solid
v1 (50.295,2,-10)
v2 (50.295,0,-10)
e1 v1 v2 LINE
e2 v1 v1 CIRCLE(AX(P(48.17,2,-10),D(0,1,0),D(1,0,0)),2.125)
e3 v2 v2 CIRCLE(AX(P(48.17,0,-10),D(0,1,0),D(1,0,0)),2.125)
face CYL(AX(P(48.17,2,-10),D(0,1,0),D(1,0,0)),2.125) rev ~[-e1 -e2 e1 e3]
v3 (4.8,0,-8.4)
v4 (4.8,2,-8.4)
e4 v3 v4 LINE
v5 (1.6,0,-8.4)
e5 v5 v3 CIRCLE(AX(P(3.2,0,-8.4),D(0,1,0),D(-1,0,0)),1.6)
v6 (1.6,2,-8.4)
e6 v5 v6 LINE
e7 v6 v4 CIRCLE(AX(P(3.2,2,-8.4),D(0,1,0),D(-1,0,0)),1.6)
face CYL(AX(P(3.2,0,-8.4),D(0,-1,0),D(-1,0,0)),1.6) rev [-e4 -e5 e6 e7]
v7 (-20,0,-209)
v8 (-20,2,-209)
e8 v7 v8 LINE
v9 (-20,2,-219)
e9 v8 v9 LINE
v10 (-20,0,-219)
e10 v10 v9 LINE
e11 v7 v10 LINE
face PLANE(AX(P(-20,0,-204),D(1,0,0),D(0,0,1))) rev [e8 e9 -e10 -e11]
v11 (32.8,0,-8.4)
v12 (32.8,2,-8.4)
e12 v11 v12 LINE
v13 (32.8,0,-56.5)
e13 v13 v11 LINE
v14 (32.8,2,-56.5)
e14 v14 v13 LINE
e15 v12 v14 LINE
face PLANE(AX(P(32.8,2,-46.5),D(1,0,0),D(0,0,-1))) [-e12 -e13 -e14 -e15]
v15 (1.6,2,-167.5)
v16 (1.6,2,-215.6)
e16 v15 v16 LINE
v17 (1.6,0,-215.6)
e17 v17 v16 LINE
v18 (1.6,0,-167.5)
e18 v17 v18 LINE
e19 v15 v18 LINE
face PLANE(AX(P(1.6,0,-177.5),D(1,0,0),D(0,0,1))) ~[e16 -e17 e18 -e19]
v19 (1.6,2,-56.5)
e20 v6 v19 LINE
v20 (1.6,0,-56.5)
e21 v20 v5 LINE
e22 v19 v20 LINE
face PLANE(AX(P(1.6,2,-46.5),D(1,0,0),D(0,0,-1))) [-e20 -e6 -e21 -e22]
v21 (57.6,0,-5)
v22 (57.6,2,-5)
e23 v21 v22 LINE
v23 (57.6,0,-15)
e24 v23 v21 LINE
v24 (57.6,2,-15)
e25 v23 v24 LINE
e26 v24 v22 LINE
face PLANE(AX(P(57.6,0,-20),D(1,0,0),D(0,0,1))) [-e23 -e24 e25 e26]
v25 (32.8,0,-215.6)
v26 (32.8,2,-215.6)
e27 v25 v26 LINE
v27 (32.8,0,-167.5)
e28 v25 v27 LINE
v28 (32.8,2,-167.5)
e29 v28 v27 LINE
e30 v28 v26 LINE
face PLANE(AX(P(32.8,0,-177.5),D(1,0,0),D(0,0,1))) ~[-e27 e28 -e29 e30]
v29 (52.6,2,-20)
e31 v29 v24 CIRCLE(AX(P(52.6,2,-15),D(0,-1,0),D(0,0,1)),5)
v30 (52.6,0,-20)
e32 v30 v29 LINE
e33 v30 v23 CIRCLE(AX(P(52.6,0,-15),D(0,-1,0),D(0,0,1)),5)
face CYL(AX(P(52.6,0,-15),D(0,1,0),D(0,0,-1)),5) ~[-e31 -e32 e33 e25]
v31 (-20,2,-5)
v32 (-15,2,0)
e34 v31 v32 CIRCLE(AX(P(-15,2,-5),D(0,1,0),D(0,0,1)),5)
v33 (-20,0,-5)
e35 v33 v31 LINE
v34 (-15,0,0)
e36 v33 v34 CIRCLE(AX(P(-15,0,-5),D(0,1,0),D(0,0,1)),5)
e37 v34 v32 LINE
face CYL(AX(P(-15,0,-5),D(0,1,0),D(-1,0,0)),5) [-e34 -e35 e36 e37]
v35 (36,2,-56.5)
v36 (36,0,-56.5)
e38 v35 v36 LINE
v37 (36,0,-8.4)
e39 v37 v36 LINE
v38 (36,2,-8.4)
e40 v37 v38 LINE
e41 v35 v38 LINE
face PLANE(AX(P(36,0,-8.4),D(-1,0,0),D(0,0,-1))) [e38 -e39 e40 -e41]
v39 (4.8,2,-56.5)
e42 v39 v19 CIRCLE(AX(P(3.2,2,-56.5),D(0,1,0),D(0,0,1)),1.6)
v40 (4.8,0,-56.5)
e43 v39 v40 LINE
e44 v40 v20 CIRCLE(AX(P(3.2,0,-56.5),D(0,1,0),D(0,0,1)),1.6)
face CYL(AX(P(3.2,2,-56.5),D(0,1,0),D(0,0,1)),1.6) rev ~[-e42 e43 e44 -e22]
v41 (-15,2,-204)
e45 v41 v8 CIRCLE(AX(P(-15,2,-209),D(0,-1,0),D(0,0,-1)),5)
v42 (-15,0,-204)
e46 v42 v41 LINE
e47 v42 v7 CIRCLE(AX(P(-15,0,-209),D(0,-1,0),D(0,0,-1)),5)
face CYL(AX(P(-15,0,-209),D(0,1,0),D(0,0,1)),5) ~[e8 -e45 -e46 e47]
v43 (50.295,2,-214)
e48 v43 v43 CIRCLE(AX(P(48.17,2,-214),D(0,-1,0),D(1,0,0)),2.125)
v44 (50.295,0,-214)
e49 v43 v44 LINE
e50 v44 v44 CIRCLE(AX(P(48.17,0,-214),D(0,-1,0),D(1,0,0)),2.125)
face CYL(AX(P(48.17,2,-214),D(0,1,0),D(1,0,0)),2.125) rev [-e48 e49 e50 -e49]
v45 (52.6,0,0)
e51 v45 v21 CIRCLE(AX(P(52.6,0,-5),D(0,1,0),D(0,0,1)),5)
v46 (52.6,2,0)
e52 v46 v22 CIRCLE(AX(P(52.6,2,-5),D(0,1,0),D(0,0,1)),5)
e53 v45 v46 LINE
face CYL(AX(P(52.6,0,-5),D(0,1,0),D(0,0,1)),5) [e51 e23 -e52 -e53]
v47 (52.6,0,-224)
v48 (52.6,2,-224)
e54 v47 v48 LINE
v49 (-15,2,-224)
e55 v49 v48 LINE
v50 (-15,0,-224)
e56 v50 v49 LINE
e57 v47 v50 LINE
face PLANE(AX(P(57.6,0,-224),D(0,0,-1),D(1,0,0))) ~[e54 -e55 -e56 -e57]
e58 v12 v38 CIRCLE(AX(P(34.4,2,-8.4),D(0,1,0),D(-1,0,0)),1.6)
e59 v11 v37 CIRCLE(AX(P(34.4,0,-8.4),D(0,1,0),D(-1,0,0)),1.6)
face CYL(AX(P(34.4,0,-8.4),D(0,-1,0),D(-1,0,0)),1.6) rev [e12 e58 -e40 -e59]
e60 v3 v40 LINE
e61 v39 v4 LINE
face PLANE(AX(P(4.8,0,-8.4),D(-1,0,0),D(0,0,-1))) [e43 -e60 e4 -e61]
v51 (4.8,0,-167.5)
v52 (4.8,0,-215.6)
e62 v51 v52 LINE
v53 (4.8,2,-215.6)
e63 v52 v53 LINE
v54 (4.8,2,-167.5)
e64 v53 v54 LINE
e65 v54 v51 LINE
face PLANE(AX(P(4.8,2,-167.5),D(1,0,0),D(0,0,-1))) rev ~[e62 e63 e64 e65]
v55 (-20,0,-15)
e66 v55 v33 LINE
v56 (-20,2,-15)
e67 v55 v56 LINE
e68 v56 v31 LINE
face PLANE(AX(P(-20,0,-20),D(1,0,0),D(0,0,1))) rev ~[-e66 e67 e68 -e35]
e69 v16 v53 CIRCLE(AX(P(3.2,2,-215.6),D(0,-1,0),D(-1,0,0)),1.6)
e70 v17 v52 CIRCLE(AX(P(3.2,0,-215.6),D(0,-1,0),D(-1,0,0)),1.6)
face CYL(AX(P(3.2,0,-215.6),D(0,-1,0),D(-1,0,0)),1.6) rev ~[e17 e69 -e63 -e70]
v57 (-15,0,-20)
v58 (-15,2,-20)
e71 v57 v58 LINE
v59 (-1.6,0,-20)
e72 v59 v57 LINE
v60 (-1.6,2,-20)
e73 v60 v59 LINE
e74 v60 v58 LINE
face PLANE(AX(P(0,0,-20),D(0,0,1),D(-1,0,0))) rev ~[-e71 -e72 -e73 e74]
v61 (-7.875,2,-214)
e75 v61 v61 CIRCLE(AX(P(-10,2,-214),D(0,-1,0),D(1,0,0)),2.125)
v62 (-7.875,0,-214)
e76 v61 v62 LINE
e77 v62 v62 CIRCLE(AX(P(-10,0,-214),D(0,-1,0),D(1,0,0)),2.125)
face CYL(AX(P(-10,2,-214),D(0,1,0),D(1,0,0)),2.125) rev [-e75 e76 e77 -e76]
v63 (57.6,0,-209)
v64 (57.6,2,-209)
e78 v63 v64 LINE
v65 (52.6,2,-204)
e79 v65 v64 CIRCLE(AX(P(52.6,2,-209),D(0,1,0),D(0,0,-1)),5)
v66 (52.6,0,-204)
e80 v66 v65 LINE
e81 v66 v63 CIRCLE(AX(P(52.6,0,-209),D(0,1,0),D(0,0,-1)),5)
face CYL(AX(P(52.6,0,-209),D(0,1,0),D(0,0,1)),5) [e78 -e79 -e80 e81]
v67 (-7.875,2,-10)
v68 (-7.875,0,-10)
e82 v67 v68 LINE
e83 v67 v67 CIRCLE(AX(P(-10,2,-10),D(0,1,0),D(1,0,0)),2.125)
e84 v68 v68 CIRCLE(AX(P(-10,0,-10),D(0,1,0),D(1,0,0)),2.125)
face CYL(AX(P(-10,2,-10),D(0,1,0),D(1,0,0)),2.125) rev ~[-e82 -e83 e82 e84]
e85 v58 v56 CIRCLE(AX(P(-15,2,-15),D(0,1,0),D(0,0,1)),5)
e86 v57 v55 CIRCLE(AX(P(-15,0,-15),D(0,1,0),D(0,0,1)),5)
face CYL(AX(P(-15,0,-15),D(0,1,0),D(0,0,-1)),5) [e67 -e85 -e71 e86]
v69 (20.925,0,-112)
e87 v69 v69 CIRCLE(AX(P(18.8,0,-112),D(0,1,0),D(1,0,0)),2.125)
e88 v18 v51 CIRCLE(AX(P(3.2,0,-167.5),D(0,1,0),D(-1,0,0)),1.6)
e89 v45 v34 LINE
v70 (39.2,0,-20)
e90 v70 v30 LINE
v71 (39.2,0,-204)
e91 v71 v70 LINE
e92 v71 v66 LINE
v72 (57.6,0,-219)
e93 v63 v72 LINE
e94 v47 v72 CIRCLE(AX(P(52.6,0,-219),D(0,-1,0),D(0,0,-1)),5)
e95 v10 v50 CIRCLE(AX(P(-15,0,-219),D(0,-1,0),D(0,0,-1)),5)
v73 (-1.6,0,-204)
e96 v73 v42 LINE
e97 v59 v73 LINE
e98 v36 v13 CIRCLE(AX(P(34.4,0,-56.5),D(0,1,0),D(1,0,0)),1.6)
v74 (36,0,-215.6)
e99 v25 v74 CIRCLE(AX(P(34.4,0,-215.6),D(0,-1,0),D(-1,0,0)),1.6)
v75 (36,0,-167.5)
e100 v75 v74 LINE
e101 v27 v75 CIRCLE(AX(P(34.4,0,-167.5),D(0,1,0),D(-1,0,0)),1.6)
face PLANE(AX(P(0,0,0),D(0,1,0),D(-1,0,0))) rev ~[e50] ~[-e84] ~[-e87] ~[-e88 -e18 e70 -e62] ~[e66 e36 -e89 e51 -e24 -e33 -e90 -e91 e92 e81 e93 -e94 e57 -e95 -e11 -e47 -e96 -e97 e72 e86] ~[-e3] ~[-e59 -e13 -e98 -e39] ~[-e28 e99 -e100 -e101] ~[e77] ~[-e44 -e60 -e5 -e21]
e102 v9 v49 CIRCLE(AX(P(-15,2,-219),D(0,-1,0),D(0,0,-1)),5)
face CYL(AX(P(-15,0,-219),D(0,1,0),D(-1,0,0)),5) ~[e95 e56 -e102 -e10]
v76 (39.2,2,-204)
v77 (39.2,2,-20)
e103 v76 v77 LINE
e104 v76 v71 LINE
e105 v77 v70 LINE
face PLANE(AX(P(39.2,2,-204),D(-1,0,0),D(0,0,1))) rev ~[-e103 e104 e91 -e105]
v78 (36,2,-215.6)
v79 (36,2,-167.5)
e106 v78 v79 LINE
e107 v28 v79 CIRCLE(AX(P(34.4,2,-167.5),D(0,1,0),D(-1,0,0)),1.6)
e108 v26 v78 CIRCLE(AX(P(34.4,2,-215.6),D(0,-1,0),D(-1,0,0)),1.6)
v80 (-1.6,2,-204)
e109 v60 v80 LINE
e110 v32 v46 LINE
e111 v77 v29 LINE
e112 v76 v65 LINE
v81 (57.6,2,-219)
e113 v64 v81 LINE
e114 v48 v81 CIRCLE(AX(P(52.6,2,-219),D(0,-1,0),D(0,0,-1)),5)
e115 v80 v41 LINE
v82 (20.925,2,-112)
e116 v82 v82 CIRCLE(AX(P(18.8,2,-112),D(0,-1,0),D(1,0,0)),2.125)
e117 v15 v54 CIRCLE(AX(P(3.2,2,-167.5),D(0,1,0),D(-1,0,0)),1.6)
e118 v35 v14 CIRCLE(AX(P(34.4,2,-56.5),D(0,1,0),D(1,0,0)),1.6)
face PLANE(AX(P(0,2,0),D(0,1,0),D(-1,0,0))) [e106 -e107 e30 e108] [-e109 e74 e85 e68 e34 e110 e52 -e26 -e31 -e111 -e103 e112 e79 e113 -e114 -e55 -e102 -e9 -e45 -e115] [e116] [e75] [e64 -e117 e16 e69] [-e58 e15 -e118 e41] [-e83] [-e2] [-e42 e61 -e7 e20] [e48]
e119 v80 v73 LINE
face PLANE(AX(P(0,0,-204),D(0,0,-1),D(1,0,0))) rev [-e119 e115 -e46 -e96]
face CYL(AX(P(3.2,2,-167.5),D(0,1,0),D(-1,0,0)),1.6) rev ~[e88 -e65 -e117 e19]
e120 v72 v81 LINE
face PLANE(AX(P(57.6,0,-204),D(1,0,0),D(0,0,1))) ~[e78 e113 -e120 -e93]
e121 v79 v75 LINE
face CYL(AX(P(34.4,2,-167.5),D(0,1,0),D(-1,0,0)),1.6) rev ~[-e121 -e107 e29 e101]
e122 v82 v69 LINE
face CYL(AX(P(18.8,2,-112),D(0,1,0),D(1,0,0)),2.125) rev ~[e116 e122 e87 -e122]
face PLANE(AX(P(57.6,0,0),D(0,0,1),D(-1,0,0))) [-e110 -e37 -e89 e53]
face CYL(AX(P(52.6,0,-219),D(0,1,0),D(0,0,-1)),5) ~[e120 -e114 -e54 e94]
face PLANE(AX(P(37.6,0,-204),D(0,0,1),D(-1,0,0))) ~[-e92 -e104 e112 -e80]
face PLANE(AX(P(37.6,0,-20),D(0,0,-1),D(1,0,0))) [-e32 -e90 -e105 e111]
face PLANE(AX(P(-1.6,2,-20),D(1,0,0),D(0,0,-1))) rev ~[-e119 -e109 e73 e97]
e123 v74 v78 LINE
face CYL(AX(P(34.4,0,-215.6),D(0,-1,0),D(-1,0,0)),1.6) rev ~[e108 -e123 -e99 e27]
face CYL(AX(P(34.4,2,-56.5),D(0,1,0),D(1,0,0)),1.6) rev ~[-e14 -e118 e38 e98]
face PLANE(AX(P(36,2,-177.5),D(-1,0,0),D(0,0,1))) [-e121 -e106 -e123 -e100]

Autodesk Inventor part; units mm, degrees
ref_plane "YZ Plane" through (0, 0, 0) normal (1, 0, 0) x (0, 1, 0)
ref_plane "XZ Plane" through (0, 0, 0) normal (0, 1, 0) x (-1, 0, 0)
ref_plane "XY Plane" through (0, 0, 0) normal (0, 0, 1) x (1, 0, 0)
sketch "Sketch1" plane through (0, 0, 0) normal (0, 1, 0) x (-1, 0, 0)
  line L0 (0, 0) -> (-37.6, 0)
  line L1 (-37.6, -20) -> (-37.6, -51.2)
  line L2 (-37.6, -51.2) -> (0, -51.2)
  line L3 (0, -51.2) -> (0, -20)
  line L4 (-18.8, 0) -> (-1.65, 0)
  line L5 (-1.65, 0) -> (-23.35, 0)
  line L6 (-18.8, 0) -> (5.35, 0)
  line L7 (5.35, 0) -> (-25.85, 0)
  line L8 (-18.8, 0) -> (-3.2, 0)
  line L9 (-3.2, 0) -> (-34.4, 0)
  arc A0 (-32.8, -8.4) -> (-36, -8.4) centre (-34.4, -8.4) ccw
  arc A1 (-36, -46.5) -> (-32.8, -46.5) centre (-34.4, -46.5) ccw
  arc A2 (-1.6, -8.4) -> (-4.8, -8.4) centre (-3.2, -8.4) ccw
  arc A3 (-4.8, -46.5) -> (-1.6, -46.5) centre (-3.2, -46.5) ccw
  line L10 (0, 0) -> (0, -20)
  line L11 (0, -20) -> (20, -20)
  line L12 (20, -20) -> (20, 0)
  line L13 (20, 0) -> (0, 0)
  line L14 (-37.6, -20) -> (-57.6, -20)
  line L15 (-57.6, -20) -> (-57.6, 0)
  line L16 (-57.6, 0) -> (-37.6, 0)
  line L17 (-1.6, -46.5) -> (-1.6, -8.4)
  line L18 (-4.8, -8.4) -> (-4.8, -46.5)
  line L19 (-32.8, -46.5) -> (-32.8, -8.4)
  line L20 (-36, -8.4) -> (-36, -46.5)
  point P0 (5.35, 0)
  dimension "d0" = 37.6
  dimension "d1" = 51.2
  dimension "d41" = 15.6
  dimension "d42" = 31.2
  dimension "d50" = 3.2
  dimension "d56" = 3.2
  dimension "d57" = 3.2
  dimension "d63" = 3.2
  dimension "d67" = 8.4
  dimension "d77" = 8.4
  dimension "d81" = 20
  dimension "d82" = 20
  dimension "d83" = 20
extrude "Extrusion3" add sketch "Sketch1" along normal blind 2
sketch "Sketch2" plane through (0, 2, 0) normal (0, 1, 0) x (1, 0, 0)
  circle A0 centre (-10, 10) radius 2.125
  line L0 (-20, 0) -> (57.6, 0) projected
  line L1 (38.17, 0) -> (48.17, 0)
  circle A1 centre (48.17, 10) radius 2.125
  point P0 (0, 0)
  dimension "d85" = 4.25
  dimension "d86" = 10
  dimension "d88" = 4.25
extrude "Extrusion4" cut sketch "Sketch2" against normal blind 2
fillet "Fillet3" radius 5 4 edges at (57.6, 1, -20) (57.6, 1, 0) (-20, 1, 0) (-20, 1, -20)
ref_plane "Work Plane2" through (37.6, 0, -112) normal (0, 0, -1) x (-1, 0, 0)
mirror "Mirror2" about plane through (37.6, 0, -112) normal (0, 0, -1)
sketch "Sketch5" plane through (0, 0, 0) normal (0, 1, 0) x (-1, 0, 0)
  line L0 (-37.6, -172.8) -> (0, -172.8)
  line L1 (0, -51.2) -> (-37.6, -51.2)
  line L2 (20, -112) -> (20, -102)
  line L3 (20, -102) -> (0, -102)
  line L4 (20, -112) -> (20, -122)
  line L5 (20, -122) -> (0, -122)
  line L6 (-37.6, -122) -> (-57.6, -122)
  line L7 (-57.6, -122) -> (-57.6, -102)
  line L8 (-57.6, -102) -> (-37.6, -102)
  line L9 (-37.6, -51.2) -> (-37.6, -102)
  line L10 (-37.6, -122) -> (-37.6, -172.8)
  line L11 (0, -172.8) -> (0, -122)
  line L12 (0, -102) -> (0, -51.2)
  circle A0 centre (10, -112) radius 2.125
  circle A1 centre (-47.6, -112) radius 2.125
  point P0 (0, 0)
  dimension "d95" = 10
  dimension "d96" = 10
  dimension "d97" = 20
  dimension "d98" = 4.25
  dimension "d99" = 4.25
extrude "Extrusion5" add sketch "Sketch5" along normal blind 2
fillet "Fillet4" radius 5 4 edges at (57.6, 1, -122) (57.6, 1, -102) (-20, 1, -122) (-20, 1, -102)
sketch "Sketch6" plane through (0, 2, 0) normal (0, 1, 0) x (1, 0, 0)
  arc A0 (4.8, 46.5) -> (1.6, 46.5) centre (3.2, 46.5) ccw projected
  line L0 (3.2, 46.5) -> (13.2, 46.5) construction
  arc A1 (36, 56.5) -> (32.8, 56.5) centre (34.4, 56.5) ccw
  arc A2 (3.2, 54.9) -> (1.6, 56.5) centre (3.2, 56.5) ccw
  arc A3 (36, 46.5) -> (32.8, 46.5) centre (34.4, 46.5) ccw projected
  line L1 (36, 46.5) -> (36, 56.5)
  line L2 (32.8, 46.5) -> (32.8, 56.5)
  line L3 (4.8, 46.5) -> (4.8, 56.5)
  line L4 (1.6, 46.5) -> (1.6, 56.5)
  circle A4 centre (34.4, 46.5) radius 1.6
  circle A5 centre (3.2, 46.5) radius 1.6
  point P0 (0, 0)
extrude "Extrusion6" cut sketch "Sketch6" against normal blind 2 contours A0 L4 A2 L3 | L1 A3 L2 A1
sketch "Sketch7" plane through (0, 2, 0) normal (0, 1, 0) x (1, 0, 0)
  arc A0 (1.6, 177.5) -> (4.8, 177.5) centre (3.2, 177.5) ccw projected
  arc A1 (1.6, 167.5) -> (4.8, 167.5) centre (3.2, 167.5) ccw
  arc A2 (32.8, 167.5) -> (36, 167.5) centre (34.4, 167.5) ccw
  arc A3 (32.8, 177.5) -> (36, 177.5) centre (34.4, 177.5) ccw projected
  line L0 (36, 177.5) -> (36, 167.5)
  line L1 (32.8, 177.5) -> (32.8, 167.5)
  line L2 (1.6, 177.5) -> (1.6, 167.5)
  line L3 (4.8, 167.5) -> (4.8, 177.5)
  arc A4 (1.6, 177.5) -> (4.8, 177.5) centre (3.2, 177.5) ccw
  arc A5 (32.8, 177.5) -> (36, 177.5) centre (34.4, 177.5) ccw
  point P0 (0, 0)
extrude "Extrusion7" cut sketch "Sketch7" against normal blind 2
sketch "Sketch8" plane through (0, 2, 0) normal (0, 1, 0) x (1, 0, 0)
  line L0 (0, 122) -> (-15, 122) projected
  line L1 (0, 122) -> (-20, 122)
  line L2 (-20, 122) -> (-20, 102)
  line L3 (-20, 102) -> (0, 102)
  line L4 (0, 102) -> (0, 122)
  point P0 (0, 0)
extrude "Extrusion8" cut sketch "Sketch8" against normal blind 2
sketch "Sketch9" plane through (0, 2, 0) normal (0, 1, 0) x (1, 0, 0)
  line L0 (52.6, 122) -> (37.6, 122) projected
  line L1 (37.6, 122) -> (57.6, 122)
  line L2 (57.6, 122) -> (57.6, 102)
  line L3 (57.6, 102) -> (37.6, 102)
  line L4 (37.6, 102) -> (37.6, 122)
  point P0 (0, 0)
extrude "Extrusion9" cut sketch "Sketch9" against normal blind 2
sketch "Sketch10" plane through (0, 2, 0) normal (0, 1, 0) x (1, 0, 0)
  line L0 (0, 0) -> (18.8, 0)
  line L1 (-15, 0) -> (52.6, 0) projected
  line L2 (18.8, 0) -> (18.8, 112)
  circle A0 centre (18.8, 112) radius 2.125
  dimension "d114" = 112
  dimension "d115" = 4.25
extrude "Extrusion10" cut sketch "Sketch10" against normal blind 2
sketch "Sketch11" plane through (0, 2, 0) normal (0, 1, 0) x (1, 0, 0)
  line L0 (0, 20) -> (0, 204) projected
  line L1 (0, 204) -> (-15, 204) projected
  line L2 (0, 20) -> (-1.6, 20)
  line L3 (-1.6, 20) -> (-1.6, 204)
  line L4 (-1.6, 204) -> (0, 204)
  line L5 (0, 204) -> (0, 20)
  line L6 (37.6, 20) -> (37.6, 204) projected
  line L7 (37.6, 204) -> (39.2, 204)
  line L8 (39.2, 204) -> (39.2, 20)
  line L9 (39.2, 20) -> (37.6, 20)
  line L10 (37.6, 20) -> (37.6, 204)
  point P0 (0, 0)
  dimension "d118" = 1.6
  dimension "d119" = 1.6
extrude "Extrusion11" add sketch "Sketch11" against normal blind 2
properties part number "Motor Attachment 2.0"
